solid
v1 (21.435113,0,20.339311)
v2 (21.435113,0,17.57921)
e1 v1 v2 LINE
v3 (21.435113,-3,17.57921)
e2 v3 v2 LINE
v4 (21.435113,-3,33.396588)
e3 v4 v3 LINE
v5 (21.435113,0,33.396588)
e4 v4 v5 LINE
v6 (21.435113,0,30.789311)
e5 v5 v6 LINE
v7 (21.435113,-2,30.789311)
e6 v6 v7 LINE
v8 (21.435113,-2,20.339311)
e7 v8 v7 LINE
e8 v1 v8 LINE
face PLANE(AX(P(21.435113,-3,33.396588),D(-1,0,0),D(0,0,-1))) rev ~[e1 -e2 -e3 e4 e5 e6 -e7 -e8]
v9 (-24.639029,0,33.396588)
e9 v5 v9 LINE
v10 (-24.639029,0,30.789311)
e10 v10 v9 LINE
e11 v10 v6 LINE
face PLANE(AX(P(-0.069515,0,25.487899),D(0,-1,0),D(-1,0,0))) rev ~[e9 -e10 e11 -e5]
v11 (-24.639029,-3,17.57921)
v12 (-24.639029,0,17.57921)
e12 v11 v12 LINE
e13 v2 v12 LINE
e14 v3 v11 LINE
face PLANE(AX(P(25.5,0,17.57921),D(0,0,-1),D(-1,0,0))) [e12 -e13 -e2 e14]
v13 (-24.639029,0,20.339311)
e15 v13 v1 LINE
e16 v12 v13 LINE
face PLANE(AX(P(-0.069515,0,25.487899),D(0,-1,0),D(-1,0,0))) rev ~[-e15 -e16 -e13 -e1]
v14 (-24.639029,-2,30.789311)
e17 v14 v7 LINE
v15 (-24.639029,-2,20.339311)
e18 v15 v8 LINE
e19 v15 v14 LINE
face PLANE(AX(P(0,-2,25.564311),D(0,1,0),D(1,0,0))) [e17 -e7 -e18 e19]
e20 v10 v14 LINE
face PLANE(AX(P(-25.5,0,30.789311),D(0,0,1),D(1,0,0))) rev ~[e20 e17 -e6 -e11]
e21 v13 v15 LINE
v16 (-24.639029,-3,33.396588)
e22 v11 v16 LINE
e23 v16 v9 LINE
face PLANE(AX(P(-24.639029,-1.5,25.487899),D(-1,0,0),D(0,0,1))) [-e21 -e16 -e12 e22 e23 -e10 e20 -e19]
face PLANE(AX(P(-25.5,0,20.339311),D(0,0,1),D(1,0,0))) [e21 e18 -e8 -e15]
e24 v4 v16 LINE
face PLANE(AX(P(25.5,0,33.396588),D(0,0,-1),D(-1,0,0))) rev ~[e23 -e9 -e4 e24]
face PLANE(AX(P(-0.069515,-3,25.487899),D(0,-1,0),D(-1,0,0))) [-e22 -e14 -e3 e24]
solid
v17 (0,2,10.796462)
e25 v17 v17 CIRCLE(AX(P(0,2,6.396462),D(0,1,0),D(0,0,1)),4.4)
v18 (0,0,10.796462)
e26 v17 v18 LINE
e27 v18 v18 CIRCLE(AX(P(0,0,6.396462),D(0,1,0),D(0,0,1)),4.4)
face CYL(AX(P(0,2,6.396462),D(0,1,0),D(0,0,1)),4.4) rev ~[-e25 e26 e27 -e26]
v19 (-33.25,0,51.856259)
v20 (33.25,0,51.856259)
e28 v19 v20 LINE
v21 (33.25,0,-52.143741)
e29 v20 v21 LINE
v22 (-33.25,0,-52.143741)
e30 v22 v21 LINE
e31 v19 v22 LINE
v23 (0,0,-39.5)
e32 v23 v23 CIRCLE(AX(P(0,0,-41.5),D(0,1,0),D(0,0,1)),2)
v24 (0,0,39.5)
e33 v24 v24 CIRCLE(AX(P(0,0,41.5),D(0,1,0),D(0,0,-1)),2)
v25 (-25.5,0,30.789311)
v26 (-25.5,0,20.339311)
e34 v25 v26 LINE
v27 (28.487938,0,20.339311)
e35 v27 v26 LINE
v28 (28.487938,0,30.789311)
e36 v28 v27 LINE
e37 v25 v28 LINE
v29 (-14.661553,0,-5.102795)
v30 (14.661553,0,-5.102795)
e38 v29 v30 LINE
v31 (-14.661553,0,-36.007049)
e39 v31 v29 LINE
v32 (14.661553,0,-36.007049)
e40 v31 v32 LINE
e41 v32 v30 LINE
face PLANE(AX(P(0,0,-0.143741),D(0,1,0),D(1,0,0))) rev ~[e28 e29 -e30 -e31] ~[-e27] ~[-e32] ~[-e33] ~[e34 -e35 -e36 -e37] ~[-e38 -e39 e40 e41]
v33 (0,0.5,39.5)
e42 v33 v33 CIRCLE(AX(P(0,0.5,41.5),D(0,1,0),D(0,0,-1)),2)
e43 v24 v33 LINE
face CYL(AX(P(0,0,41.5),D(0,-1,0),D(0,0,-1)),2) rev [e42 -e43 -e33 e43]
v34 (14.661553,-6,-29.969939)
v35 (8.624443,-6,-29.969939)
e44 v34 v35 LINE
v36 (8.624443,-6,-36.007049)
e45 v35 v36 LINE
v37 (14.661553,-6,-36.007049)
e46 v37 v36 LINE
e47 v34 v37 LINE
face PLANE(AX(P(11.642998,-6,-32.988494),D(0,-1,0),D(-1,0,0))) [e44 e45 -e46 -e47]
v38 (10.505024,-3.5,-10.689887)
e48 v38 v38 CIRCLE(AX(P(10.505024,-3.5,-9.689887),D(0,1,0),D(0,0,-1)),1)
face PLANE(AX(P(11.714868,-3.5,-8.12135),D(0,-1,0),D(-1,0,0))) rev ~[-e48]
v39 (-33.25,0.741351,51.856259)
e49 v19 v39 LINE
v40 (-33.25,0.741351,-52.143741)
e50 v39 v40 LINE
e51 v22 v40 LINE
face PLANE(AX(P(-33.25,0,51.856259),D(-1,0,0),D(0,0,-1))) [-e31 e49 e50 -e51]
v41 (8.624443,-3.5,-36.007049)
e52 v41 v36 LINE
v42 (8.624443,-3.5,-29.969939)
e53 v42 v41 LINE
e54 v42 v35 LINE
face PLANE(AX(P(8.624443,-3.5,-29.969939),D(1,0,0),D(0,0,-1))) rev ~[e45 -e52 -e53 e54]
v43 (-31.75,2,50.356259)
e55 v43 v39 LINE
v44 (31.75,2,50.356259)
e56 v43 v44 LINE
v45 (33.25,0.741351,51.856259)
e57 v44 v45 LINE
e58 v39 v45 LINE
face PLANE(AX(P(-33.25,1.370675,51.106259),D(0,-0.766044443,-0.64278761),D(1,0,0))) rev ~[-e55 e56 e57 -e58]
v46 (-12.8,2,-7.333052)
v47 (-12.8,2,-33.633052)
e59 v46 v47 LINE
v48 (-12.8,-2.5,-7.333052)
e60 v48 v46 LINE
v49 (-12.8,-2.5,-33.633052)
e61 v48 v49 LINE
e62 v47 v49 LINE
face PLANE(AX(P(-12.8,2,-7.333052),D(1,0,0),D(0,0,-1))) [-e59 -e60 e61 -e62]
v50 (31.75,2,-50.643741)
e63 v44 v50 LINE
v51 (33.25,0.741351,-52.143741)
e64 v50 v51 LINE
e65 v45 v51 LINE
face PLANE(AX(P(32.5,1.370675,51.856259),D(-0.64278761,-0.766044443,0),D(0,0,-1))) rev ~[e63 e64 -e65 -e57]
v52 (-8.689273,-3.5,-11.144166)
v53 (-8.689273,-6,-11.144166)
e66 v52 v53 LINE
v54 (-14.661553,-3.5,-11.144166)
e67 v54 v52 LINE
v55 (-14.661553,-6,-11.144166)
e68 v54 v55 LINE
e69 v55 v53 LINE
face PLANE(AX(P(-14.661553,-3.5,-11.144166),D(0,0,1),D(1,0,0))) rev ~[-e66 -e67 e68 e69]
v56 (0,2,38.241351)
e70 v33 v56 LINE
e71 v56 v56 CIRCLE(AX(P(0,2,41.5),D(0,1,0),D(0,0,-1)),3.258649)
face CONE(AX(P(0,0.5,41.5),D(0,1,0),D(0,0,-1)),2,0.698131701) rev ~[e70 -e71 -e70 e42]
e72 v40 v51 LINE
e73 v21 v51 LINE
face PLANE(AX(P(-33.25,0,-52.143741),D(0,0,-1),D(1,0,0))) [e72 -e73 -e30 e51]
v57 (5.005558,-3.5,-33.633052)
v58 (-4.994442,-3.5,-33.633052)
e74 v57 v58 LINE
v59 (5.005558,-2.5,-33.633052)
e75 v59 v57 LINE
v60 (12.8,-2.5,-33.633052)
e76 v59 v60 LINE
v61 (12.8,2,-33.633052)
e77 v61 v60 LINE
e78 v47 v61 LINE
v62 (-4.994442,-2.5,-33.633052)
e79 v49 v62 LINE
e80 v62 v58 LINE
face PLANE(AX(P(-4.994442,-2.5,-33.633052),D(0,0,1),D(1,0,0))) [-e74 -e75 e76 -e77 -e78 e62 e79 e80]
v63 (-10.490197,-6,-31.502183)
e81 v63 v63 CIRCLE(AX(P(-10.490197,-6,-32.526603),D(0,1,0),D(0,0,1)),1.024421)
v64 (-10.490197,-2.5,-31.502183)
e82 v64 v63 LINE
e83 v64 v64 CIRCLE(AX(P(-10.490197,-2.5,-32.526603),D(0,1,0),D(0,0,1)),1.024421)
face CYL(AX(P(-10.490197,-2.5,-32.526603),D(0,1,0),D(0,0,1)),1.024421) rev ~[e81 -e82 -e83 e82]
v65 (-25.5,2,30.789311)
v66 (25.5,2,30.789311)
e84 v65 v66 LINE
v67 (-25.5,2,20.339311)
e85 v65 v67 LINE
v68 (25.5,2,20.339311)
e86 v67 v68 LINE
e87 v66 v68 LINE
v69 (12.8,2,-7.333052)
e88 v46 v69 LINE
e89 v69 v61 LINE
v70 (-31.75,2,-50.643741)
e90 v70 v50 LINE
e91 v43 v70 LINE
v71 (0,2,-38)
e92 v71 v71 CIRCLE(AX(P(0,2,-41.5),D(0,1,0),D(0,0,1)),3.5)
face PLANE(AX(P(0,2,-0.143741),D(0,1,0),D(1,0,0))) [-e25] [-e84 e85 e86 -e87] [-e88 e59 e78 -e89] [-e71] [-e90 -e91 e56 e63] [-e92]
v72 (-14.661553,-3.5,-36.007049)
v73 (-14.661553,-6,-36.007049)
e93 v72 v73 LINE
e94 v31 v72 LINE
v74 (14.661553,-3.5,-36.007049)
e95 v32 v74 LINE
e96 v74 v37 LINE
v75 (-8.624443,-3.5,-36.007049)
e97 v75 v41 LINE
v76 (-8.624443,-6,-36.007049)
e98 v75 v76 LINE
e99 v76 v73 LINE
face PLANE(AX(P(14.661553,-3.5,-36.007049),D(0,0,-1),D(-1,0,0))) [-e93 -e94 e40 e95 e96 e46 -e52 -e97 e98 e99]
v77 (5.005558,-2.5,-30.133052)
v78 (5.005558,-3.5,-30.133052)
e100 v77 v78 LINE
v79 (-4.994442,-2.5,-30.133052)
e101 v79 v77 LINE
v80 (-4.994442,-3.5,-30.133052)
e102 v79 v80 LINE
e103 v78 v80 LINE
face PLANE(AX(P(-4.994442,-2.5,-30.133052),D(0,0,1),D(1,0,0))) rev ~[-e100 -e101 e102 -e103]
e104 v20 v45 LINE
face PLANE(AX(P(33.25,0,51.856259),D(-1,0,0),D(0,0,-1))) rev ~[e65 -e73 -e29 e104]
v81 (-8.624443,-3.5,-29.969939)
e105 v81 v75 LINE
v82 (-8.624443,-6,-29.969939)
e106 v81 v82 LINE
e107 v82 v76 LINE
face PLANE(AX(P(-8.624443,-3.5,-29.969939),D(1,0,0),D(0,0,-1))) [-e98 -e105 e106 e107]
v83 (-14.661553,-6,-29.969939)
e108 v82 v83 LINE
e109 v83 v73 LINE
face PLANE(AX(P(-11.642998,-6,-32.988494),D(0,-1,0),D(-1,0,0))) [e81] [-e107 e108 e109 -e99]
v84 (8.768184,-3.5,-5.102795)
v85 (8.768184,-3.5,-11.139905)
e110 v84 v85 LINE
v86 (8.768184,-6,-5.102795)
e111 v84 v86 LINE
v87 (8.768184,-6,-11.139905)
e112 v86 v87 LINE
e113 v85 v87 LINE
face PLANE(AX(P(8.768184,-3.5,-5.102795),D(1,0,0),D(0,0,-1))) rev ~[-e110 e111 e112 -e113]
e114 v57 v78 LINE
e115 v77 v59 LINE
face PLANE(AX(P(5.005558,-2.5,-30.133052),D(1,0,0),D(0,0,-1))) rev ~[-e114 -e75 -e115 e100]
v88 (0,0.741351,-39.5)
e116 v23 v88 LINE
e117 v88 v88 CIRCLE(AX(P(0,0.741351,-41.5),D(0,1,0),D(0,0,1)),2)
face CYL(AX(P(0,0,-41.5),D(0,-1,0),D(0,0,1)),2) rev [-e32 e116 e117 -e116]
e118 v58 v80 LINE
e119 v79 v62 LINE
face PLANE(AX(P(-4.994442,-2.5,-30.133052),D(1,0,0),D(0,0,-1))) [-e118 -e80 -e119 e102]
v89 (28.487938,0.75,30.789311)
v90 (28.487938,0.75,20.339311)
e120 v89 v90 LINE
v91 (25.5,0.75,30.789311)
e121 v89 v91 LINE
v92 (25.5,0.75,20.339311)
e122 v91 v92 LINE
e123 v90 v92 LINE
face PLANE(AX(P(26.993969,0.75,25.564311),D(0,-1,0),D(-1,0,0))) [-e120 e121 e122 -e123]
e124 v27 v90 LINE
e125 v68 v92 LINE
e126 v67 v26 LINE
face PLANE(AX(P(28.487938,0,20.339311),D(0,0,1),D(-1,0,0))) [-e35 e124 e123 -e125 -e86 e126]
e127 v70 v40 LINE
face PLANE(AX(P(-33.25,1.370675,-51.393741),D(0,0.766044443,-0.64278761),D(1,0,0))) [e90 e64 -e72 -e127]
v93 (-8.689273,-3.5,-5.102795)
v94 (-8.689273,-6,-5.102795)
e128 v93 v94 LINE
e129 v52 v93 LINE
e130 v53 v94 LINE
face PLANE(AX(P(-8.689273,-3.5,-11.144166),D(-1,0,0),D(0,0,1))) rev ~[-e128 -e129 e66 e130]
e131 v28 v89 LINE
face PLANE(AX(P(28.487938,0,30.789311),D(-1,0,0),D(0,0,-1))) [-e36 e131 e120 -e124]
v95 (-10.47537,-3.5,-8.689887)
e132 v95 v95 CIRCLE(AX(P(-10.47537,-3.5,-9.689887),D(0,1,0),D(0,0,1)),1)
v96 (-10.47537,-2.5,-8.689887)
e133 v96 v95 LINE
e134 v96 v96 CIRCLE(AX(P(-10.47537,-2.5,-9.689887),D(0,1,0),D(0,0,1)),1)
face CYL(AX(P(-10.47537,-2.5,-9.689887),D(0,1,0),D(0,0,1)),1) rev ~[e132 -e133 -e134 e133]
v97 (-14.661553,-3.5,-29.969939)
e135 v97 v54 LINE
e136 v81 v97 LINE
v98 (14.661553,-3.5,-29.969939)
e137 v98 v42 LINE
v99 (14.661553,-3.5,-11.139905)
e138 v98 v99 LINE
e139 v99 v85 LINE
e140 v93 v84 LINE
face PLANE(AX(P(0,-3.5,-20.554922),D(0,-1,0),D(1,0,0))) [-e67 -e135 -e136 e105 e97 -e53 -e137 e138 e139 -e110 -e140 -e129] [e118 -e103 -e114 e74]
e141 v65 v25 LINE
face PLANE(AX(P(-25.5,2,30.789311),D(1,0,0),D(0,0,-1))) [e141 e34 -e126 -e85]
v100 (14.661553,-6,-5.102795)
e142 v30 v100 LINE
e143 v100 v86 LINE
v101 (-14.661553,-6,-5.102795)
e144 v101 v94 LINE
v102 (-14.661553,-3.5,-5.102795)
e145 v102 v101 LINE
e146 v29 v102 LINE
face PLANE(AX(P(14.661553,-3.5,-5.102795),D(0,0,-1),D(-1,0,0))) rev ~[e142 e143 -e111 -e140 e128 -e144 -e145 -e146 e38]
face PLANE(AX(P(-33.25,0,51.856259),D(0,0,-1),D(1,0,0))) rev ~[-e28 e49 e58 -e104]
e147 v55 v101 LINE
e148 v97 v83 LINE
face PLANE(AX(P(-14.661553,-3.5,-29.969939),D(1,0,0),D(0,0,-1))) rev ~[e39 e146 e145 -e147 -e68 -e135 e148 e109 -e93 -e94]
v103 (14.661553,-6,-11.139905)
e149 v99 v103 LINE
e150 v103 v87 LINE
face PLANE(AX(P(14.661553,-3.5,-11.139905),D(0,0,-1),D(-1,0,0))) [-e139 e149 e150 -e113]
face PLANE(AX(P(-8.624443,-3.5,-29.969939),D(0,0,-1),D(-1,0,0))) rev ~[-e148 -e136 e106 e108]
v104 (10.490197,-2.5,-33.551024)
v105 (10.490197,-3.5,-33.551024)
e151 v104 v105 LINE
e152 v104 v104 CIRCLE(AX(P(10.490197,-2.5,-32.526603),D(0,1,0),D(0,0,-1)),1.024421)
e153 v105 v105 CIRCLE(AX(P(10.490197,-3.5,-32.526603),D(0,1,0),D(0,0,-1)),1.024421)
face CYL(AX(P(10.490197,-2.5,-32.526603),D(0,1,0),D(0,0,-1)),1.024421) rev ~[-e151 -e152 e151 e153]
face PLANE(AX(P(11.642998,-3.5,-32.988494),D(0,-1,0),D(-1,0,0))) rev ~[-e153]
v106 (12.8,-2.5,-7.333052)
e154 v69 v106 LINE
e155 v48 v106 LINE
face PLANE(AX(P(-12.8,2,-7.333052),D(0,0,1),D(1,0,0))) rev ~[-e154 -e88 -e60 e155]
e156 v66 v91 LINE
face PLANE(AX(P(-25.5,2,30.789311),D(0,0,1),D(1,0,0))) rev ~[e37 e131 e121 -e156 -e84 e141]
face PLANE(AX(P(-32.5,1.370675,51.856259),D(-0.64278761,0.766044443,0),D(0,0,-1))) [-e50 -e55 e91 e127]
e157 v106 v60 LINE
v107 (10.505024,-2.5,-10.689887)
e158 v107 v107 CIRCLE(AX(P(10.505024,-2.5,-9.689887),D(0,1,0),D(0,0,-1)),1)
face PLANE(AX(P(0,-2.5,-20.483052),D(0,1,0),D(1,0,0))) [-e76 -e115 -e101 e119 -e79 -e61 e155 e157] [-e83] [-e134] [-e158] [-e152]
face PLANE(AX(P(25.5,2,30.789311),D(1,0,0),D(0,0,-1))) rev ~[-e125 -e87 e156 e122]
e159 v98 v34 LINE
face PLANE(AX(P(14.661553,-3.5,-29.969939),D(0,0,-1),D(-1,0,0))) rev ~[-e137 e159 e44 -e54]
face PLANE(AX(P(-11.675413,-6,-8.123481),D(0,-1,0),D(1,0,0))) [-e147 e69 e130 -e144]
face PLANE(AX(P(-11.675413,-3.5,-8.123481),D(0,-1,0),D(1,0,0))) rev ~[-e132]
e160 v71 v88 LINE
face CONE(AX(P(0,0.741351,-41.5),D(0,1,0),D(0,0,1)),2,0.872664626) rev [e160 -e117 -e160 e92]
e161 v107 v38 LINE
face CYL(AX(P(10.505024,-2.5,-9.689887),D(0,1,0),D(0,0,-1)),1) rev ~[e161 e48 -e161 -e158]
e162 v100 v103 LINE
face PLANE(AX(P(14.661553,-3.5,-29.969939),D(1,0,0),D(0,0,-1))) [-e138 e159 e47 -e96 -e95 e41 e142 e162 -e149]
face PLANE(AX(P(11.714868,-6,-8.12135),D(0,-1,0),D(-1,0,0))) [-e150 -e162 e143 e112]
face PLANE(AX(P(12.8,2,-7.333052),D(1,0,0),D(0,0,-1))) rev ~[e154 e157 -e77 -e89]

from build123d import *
from OCP.BRepFilletAPI import BRepFilletAPI_MakeChamfer

# Parameters (mm, degrees)
SKETCH1_W               = 66.5
SKETCH1_H               = 104
BOSS_EXTRUDE2_DEPTH     = 2
SKETCH2_R               = 2
CUT_EXTRUDE8_DEPTH      = 2
CHAMFER1_SIZE           = 1.5
CHAMFER1_SIZE2          = 1.258649447
SKETCH4_R               = 4.4
CUT_EXTRUDE9_DEPTH      = 5.5
SKETCH5_W               = 25.6
SKETCH5_H               = 26.3
CUT_EXTRUDE13_DEPTH     = 3.5
SKETCH10_W              = 29.323105628
SKETCH10_H              = 30.904253481
BOSS_EXTRUDE8_DEPTH     = 3.5
SKETCH11_W              = 25.6
SKETCH11_H              = 26.3
CUT_EXTRUDE14_DEPTH     = 2.5
SKETCH13_R              = 1.024420739
CUT_EXTRUDE17_DEPTH     = 2.5
SKETCH16_R              = 1
CUT_EXTRUDE18_DEPTH     = 2.5
SKETCH18_W              = 5.972279495
SKETCH18_H              = 6.041370721
BOSS_EXTRUDE9_DEPTH     = 2.5
SKETCH19_W              = 5.893369268
SKETCH19_H              = 6.037109983
BOSS_EXTRUDE10_DEPTH    = 2.5
SKETCH20_W              = 6.037109982
SKETCH20_H              = 6.037109982
SCREEN_SCREW_HOLE_DEPTH = 2.5
SKETCH21_W              = 6.037109982
SKETCH21_H              = 6.037109982
BOSS_EXTRUDE12_DEPTH    = 2.5
SKETCH22_R              = 1.024420739
CUT_EXTRUDE20_DEPTH     = 3.5
SKETCH24_W              = 10
SKETCH24_H              = 3.5
CUT_EXTRUDE21_DEPTH     = 3.5
SKETCH26_W              = 51
SKETCH26_H              = 10.45
CUT_EXTRUDE22_DEPTH     = 3.5
SKETCH27_W              = 51.13902933
SKETCH27_H              = 15.817377558
BOSS_EXTRUDE18_DEPTH    = 3
SKETCH29_W              = 51
SKETCH29_H              = 10.45
CUT_EXTRUDE24_DEPTH     = 2
SKETCH30_W              = 4.064887468
SKETCH30_H              = 15.817377558
CUT_EXTRUDE25_DEPTH     = 3
SKETCH31_W              = 2.987937541
SKETCH31_H              = 10.45
CUT_EXTRUDE26_DEPTH     = 0.75
SKETCH32_W              = 15.817377558
SKETCH32_H              = 3
CUT_EXTRUDE27_DEPTH     = 1


with BuildPart() as part:
    # Sketch1 → Boss-Extrude2 (new body)
    with BuildSketch(Plane(origin=(0, 0, 0), x_dir=(1, 0, 0), z_dir=(0, 1, 0))):
        with Locations((0, 0.143740714)):
            Rectangle(SKETCH1_W, SKETCH1_H)
    extrude(amount=BOSS_EXTRUDE2_DEPTH)

    # Sketch2 → Cut-Extrude8 (cut)
    with BuildSketch(Plane(origin=(0, 0, 0), x_dir=(1, 0, 0), z_dir=(0, 1, 0))):
        with Locations(Location((0, 41.5, 0), (0, 0, 270))):
            Circle(SKETCH2_R)
        with Locations(Location((0, -41.5, 0), (0, 0, 90))):
            Circle(SKETCH2_R)
    extrude(amount=CUT_EXTRUDE8_DEPTH, mode=Mode.SUBTRACT)

    # Chamfer1: one chamfer whose edges measure the first distance from different faces: ONE call of the kernel's chamfer builder (chamfer() names one face for all edges)
    chamfer1_edges_1 = [part.edges().sort_by_distance(p)[0] for p in [
        (0, 2, 51.856259286),
        (-33.25, 2, -0.143740714),
        (0, 2, -43.5),
        (0, 2, -52.143740714),
        (33.25, 2, -0.143740714),
    ]]
    chamfer1_side_1 = [part.faces().sort_by_distance(p)[0] for p in [
        (0, 2, -0.144264973),
    ]]
    chamfer1_edges_2 = [part.edges().sort_by_distance(p)[0] for p in [
        (0, 2, 43.5),
    ]]
    chamfer1_side_2 = [part.faces().sort_by_distance(p)[0] for p in [
        (0, 1, 43.5),
    ]]
    chamfer1 = BRepFilletAPI_MakeChamfer(part.part.solid().wrapped)
    for e in chamfer1_edges_1:
        chamfer1.Add(CHAMFER1_SIZE, CHAMFER1_SIZE2, e.wrapped, chamfer1_side_1[0].wrapped)  # the first distance lies on this face
    for e in chamfer1_edges_2:
        chamfer1.Add(CHAMFER1_SIZE, CHAMFER1_SIZE2, e.wrapped, chamfer1_side_2[0].wrapped)  # the first distance lies on this face
    add(Compound.cast(chamfer1.Shape()), mode=Mode.REPLACE)

    # Sketch4 → Cut-Extrude9 (cut)
    with BuildSketch(Plane(origin=(0, 2, 0), x_dir=(1, 0, 0), z_dir=(0, 1, 0))):
        with Locations(Location((0, -6.396461767, 0), (0, 0, 270))):
            Circle(SKETCH4_R)
    extrude(amount=-CUT_EXTRUDE9_DEPTH, mode=Mode.SUBTRACT)

    # Sketch5 → Cut-Extrude13 (cut)
    with BuildSketch(Plane(origin=(0, 2, 0), x_dir=(1, 0, 0), z_dir=(0, 1, 0))):
        with Locations((0, 20.483051726)):
            Rectangle(SKETCH5_W, SKETCH5_H)
    extrude(amount=-CUT_EXTRUDE13_DEPTH, mode=Mode.SUBTRACT)

    # Sketch10 → Boss-Extrude8 (add)
    with BuildSketch(Plane.XZ):
        with Locations((0, -20.554922083)):
            Rectangle(SKETCH10_W, SKETCH10_H)
    extrude(amount=BOSS_EXTRUDE8_DEPTH)

    # Sketch11 → Cut-Extrude14 (cut)
    with BuildSketch(Plane(origin=(0, 0, 0), x_dir=(1, 0, 0), z_dir=(0, 1, 0))):
        with Locations((0, 20.483051726)):
            Rectangle(SKETCH11_W, SKETCH11_H)
    extrude(amount=-CUT_EXTRUDE14_DEPTH, mode=Mode.SUBTRACT)

    # Sketch13 → Cut-Extrude17 (cut)
    with BuildSketch(Plane(origin=(0, -2.5, 0), x_dir=(1, 0, 0), z_dir=(0, 1, 0))):
        with Locations(Location((-10.490197097, 32.526603432, 0), (0, 0, 270))):
            Circle(SKETCH13_R)
        with Locations(Location((10.490197097, 32.526603432, 0), (0, 0, 90))):
            Circle(SKETCH13_R)
    extrude(amount=-CUT_EXTRUDE17_DEPTH, mode=Mode.SUBTRACT)

    # Sketch16 → Cut-Extrude18 (cut)
    with BuildSketch(Plane(origin=(0, -2.5, 0), x_dir=(1, 0, 0), z_dir=(0, 1, 0))):
        with Locations(Location((-10.475369968, 9.689887436, 0), (0, 0, 270))):
            Circle(SKETCH16_R)
        with Locations(Location((10.505024226, 9.689887436, 0), (0, 0, 90))):
            Circle(SKETCH16_R)
    extrude(amount=-CUT_EXTRUDE18_DEPTH, mode=Mode.SUBTRACT)

    # Sketch18 → Boss-Extrude9 (add)
    with BuildSketch(Plane.XZ.offset(3.5)):
        with Locations((-11.675413066, -8.123480703)):
            Rectangle(SKETCH18_W, SKETCH18_H)
    extrude(amount=BOSS_EXTRUDE9_DEPTH)

    # Sketch19 → Boss-Extrude10 (add)
    with BuildSketch(Plane(origin=(0, -3.5, 0), x_dir=(-1, 0, 0), z_dir=(0, -1, 0))):
        with Locations((-11.71486818, 8.121350334)):
            Rectangle(SKETCH19_W, SKETCH19_H)
    extrude(amount=BOSS_EXTRUDE10_DEPTH)

    # Sketch20 → Screen screw hole (add)
    with BuildSketch(Plane(origin=(0, -3.5, 0), x_dir=(-1, 0, 0), z_dir=(0, -1, 0))):
        with Locations((11.642997823, 32.988493832)):
            Rectangle(SKETCH20_W, SKETCH20_H)
    extrude(amount=SCREEN_SCREW_HOLE_DEPTH)

    # Sketch21 → Boss-Extrude12 (add)
    with BuildSketch(Plane(origin=(0, -3.5, 0), x_dir=(-1, 0, 0), z_dir=(0, -1, 0))):
        with Locations((-11.642997823, 32.988493832)):
            Rectangle(SKETCH21_W, SKETCH21_H)
    extrude(amount=BOSS_EXTRUDE12_DEPTH)

    # Sketch22 → Cut-Extrude20 (cut)
    with BuildSketch(Plane(origin=(0, -2.5, 0), x_dir=(1, 0, 0), z_dir=(0, 1, 0))):
        with Locations(Location((-10.490197097, 32.526603432, 0), (0, 0, 270))):
            Circle(SKETCH22_R)
    extrude(amount=-CUT_EXTRUDE20_DEPTH, mode=Mode.SUBTRACT)

    # Sketch24 → Cut-Extrude21 (cut)
    with BuildSketch(Plane(origin=(0, -2.5, 0), x_dir=(1, 0, 0), z_dir=(0, 1, 0))):
        with Locations((0.005557968, 31.883051726)):
            Rectangle(SKETCH24_W, SKETCH24_H)
    extrude(amount=-CUT_EXTRUDE21_DEPTH, mode=Mode.SUBTRACT)

    # Sketch26 → Cut-Extrude22 (cut)
    with BuildSketch(Plane(origin=(0, 2, 0), x_dir=(1, 0, 0), z_dir=(0, 1, 0))):
        with Locations((0, -25.564311012)):
            Rectangle(SKETCH26_W, SKETCH26_H)
    extrude(amount=-CUT_EXTRUDE22_DEPTH, mode=Mode.SUBTRACT)

    # Sketch31 → Cut-Extrude26 (cut)
    with BuildSketch(Plane(origin=(0, 0, 0), x_dir=(-1, 0, 0), z_dir=(0, -1, 0))):
        with Locations((-26.993968771, -25.564311012)):
            Rectangle(SKETCH31_W, SKETCH31_H)
    extrude(amount=-CUT_EXTRUDE26_DEPTH, mode=Mode.SUBTRACT)


with BuildPart() as body_2:
    # Sketch27 → Boss-Extrude18 (new body)
    with BuildSketch(Plane(origin=(0, 0, 0), x_dir=(-1, 0, 0), z_dir=(0, -1, 0))):
        with Locations((0.069514665, -25.487898811)):
            Rectangle(SKETCH27_W, SKETCH27_H)
    extrude(amount=BOSS_EXTRUDE18_DEPTH)

    # Sketch29 → Cut-Extrude24 (cut)
    with BuildSketch(Plane(origin=(0, 0, 0), x_dir=(1, 0, 0), z_dir=(0, 1, 0))):
        with Locations((0, -25.564311012)):
            Rectangle(SKETCH29_W, SKETCH29_H)
    extrude(amount=-CUT_EXTRUDE24_DEPTH, mode=Mode.SUBTRACT)

    # Sketch30 → Cut-Extrude25 (cut)
    with BuildSketch(Plane(origin=(0, -3, 0), x_dir=(-1, 0, 0), z_dir=(0, -1, 0))):
        with Locations((-23.467556266, -25.487898811)):
            Rectangle(SKETCH30_W, SKETCH30_H)
    extrude(amount=-CUT_EXTRUDE25_DEPTH, mode=Mode.SUBTRACT)

    # Sketch32 → Cut-Extrude27 (cut)
    with BuildSketch(Plane.ZY.offset(25.63902933)):
        with Locations((25.487898811, -1.5)):
            Rectangle(SKETCH32_W, SKETCH32_H)
    extrude(amount=-CUT_EXTRUDE27_DEPTH, mode=Mode.SUBTRACT)


solid = Compound([part.part, body_2.part])
